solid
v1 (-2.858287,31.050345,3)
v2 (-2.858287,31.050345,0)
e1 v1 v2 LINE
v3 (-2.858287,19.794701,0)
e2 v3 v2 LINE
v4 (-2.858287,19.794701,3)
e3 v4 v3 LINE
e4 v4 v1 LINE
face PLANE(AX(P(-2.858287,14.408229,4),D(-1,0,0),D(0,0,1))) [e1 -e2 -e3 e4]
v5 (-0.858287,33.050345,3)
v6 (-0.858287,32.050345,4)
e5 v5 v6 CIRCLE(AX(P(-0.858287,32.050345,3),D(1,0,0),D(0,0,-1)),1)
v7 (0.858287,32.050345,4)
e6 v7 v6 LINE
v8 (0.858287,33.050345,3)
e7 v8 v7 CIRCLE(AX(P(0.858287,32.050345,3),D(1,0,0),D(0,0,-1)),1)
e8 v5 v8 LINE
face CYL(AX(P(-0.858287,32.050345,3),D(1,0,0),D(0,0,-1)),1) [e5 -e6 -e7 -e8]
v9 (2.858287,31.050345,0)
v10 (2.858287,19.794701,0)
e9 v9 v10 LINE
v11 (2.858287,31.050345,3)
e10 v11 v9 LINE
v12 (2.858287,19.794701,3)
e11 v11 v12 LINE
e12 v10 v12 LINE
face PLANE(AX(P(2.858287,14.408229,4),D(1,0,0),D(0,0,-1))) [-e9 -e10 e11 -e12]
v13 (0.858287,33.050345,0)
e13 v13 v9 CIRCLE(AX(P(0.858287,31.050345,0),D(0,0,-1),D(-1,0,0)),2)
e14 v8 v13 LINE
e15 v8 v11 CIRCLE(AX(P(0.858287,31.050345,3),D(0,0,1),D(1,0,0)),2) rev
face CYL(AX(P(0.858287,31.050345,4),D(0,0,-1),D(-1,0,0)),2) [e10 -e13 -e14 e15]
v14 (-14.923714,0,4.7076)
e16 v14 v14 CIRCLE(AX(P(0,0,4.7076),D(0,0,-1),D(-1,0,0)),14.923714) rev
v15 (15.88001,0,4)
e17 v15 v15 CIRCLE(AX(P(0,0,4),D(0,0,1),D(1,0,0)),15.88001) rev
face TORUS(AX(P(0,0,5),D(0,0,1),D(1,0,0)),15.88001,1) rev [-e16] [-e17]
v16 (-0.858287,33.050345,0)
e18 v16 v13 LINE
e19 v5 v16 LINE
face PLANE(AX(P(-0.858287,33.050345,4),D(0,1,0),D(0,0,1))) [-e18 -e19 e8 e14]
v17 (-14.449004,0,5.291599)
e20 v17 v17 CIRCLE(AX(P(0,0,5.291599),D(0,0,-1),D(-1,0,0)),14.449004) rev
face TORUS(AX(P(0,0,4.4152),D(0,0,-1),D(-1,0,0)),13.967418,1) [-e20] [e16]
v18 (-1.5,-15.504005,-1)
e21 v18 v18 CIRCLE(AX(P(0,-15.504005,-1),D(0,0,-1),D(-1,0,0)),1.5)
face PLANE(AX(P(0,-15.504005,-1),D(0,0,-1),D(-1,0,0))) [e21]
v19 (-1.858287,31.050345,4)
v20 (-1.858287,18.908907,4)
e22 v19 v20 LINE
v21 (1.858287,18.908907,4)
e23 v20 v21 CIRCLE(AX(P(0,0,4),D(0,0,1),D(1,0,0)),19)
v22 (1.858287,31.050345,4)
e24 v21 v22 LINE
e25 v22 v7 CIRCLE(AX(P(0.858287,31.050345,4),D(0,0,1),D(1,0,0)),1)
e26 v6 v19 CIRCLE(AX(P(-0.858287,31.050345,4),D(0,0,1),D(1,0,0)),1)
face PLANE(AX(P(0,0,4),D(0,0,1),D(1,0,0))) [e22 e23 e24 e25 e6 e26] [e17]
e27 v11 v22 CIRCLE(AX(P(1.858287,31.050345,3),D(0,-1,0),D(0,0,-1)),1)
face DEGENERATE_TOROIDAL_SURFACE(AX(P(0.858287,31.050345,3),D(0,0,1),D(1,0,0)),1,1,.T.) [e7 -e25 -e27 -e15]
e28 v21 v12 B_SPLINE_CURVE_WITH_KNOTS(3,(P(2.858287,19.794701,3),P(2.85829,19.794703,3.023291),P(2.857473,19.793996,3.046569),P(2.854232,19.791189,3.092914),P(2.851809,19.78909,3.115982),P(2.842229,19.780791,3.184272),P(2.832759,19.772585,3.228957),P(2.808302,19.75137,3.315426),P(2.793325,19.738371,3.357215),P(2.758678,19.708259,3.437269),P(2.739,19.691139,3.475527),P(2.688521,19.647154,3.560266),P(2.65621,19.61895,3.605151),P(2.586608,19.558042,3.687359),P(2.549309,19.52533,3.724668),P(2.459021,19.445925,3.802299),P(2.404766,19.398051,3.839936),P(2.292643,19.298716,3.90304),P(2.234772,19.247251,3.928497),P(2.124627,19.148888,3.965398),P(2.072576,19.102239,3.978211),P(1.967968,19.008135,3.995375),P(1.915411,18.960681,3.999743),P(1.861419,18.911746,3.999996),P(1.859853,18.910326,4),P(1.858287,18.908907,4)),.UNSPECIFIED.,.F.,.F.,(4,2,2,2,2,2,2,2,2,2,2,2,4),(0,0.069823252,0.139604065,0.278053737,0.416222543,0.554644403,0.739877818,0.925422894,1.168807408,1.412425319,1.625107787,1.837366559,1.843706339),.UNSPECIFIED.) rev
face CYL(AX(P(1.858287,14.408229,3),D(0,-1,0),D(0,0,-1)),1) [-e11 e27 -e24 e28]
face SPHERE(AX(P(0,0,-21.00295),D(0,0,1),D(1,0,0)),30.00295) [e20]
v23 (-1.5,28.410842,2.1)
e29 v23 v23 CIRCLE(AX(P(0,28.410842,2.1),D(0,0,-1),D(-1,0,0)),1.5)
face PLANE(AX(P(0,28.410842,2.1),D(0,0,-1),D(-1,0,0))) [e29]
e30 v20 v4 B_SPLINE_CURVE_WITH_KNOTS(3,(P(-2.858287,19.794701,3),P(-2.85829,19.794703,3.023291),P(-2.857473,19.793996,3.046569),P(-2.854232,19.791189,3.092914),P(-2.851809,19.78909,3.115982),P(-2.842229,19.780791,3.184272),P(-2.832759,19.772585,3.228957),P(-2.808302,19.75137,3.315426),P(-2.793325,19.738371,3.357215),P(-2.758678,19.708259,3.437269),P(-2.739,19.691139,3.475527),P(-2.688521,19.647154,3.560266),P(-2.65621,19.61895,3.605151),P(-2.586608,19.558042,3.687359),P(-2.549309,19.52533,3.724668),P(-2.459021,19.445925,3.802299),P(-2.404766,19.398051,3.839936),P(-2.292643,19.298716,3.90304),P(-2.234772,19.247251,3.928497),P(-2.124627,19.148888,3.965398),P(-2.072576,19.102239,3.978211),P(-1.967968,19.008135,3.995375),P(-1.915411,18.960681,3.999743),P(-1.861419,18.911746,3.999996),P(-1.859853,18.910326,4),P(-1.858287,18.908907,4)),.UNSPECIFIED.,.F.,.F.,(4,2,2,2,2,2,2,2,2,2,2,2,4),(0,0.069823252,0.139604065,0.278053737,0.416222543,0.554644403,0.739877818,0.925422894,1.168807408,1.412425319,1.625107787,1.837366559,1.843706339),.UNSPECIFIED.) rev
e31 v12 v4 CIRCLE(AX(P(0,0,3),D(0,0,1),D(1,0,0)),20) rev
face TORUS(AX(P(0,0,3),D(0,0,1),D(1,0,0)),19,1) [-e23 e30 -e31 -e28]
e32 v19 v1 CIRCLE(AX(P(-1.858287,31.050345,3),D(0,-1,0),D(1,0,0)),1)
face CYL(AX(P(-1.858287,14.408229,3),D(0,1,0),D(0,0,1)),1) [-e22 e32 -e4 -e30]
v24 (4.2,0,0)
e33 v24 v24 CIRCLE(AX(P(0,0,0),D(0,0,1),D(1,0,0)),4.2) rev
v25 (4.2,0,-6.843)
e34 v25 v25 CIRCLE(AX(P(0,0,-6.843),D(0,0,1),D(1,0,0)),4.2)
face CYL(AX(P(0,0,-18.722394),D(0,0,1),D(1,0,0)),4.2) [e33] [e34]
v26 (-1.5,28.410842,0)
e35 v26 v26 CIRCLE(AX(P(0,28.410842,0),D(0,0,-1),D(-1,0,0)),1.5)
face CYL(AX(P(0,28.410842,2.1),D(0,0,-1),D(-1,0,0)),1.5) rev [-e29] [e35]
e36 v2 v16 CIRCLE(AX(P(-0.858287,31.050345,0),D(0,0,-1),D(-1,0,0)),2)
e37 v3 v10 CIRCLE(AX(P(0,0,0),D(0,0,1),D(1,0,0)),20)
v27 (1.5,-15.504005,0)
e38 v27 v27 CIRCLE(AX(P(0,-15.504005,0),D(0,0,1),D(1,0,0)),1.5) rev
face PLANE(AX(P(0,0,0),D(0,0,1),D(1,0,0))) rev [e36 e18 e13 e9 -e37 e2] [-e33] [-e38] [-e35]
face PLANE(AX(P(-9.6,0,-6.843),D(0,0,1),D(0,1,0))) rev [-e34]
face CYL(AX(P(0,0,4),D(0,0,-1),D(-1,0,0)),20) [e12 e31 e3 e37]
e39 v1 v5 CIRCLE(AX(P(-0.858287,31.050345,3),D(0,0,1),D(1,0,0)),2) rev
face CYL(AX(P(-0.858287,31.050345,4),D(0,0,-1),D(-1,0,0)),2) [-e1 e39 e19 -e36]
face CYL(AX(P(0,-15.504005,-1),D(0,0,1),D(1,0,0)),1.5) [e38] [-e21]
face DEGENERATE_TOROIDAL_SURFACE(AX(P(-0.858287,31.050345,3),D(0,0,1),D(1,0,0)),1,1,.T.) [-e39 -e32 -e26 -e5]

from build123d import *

# Parameters (mm, degrees)
ESQUISSE1_R             = 20
BOSS_EXTRU_1_DEPTH      = 4
ESQUISSE4_R             = 4
BOSS_EXTRU_3_DEPTH      = 6.843
BOSS_EXTRU_4_DEPTH      = 4
ESQUISSE6_R             = 1.5
ENL_V_MAT_EXTRU_1_DEPTH = 2.1
ESQUISSE7_R             = 1.5
BOSS_EXTRU_5_DEPTH      = 1
ESQUISSE8_R             = 4.2
BOSS_EXTRU_6_DEPTH      = 6.843
ESQUISSE9_R             = 14.967417913
BOSS_EXTRU_7_DEPTH      = 1
D_ME1_FACE_RADIUS       = 14.967417913
D_ME1_HEIGHT            = 4
CONG_1_R                = 1
CONG_2_R                = 1
CONG_3_R                = 1


with BuildPart() as part:
    # Esquisse1 → Boss.-Extru.1 (new body)
    with BuildSketch(Plane.XY):
        Circle(ESQUISSE1_R)
    extrude(amount=BOSS_EXTRU_1_DEPTH)

    # Esquisse4 → Boss.-Extru.3 (add)
    with BuildSketch(Plane(origin=(0, 0, 0), x_dir=(-1, 0, 0), z_dir=(0, 0, -1))):
        with Locations(Location((0, 0, 0), (0, 0, 180))):
            Circle(ESQUISSE4_R)
    extrude(amount=BOSS_EXTRU_3_DEPTH)

    # Esquisse5 → Boss.-Extru.4 (add)
    with BuildSketch(Plane(origin=(0, 0, 0), x_dir=(-1, 0, 0), z_dir=(0, 0, -1))):
        with BuildLine():
            Line((2.858287427, 14.40822907), (-2.858287427, 14.40822907))
            Line((-2.858287427, 14.40822907), (-2.858287427, 31.050344996))
            ThreePointArc((-2.858287427, 31.050344996), (-2.27250099, 32.464558559), (-0.858287427, 33.050344996))
            Line((-0.858287427, 33.050344996), (0.858287427, 33.050344996))
            ThreePointArc((0.858287427, 33.050344996), (2.27250099, 32.464558559), (2.858287427, 31.050344996))
            Line((2.858287427, 31.050344996), (2.858287427, 14.40822907))
        make_face()
    extrude(amount=-BOSS_EXTRU_4_DEPTH)

    # Esquisse6 → Enlèv. mat.-Extru.1 (cut)
    with BuildSketch(Plane(origin=(0, 0, 0), x_dir=(-1, 0, 0), z_dir=(0, 0, -1))):
        with Locations((0, 28.410842354)):
            Circle(ESQUISSE6_R)
    extrude(amount=-ENL_V_MAT_EXTRU_1_DEPTH, mode=Mode.SUBTRACT)

    # Esquisse7 → Boss.-Extru.5 (add)
    with BuildSketch(Plane(origin=(0, 0, 0), x_dir=(-1, 0, 0), z_dir=(0, 0, -1))):
        with Locations(Location((0, -15.504004846, 0), (0, 0, 180))):
            Circle(ESQUISSE7_R)
    extrude(amount=BOSS_EXTRU_5_DEPTH)

    # Esquisse8 → Boss.-Extru.6 (add)
    with BuildSketch(Plane(origin=(0, 0, 0), x_dir=(-1, 0, 0), z_dir=(0, 0, -1))):
        with Locations(Location((0, 0, 0), (0, 0, 180))):
            Circle(ESQUISSE8_R)
    extrude(amount=BOSS_EXTRU_6_DEPTH)

    # Esquisse9 → Boss.-Extru.7 (add)
    with BuildSketch(Plane.XY.offset(4)):
        Circle(ESQUISSE9_R)
    extrude(amount=BOSS_EXTRU_7_DEPTH)

    # Dôme1: a dome of height H over a round flat face of radius A is a cap of a sphere of radius (A * A + H * H) / (2 * H)
    d_me1_r = (D_ME1_FACE_RADIUS * D_ME1_FACE_RADIUS + D_ME1_HEIGHT * D_ME1_HEIGHT) / (2 * D_ME1_HEIGHT)
    d_me1_base = Plane((0, 0, 5), z_dir=(0, 0, 1))
    with Locations(d_me1_base.offset(D_ME1_HEIGHT - d_me1_r)):
        d_me1_ball = Sphere(d_me1_r, mode=Mode.PRIVATE)
    add(split(d_me1_ball, bisect_by=d_me1_base, keep=Keep.TOP, mode=Mode.PRIVATE))

    # Congé1
    cong_1_edges = [part.edges().sort_by_distance(p)[0] for p in [
        (-14.967417913, 0, 5),
    ]]
    fillet(cong_1_edges, radius=CONG_1_R)

    # Congé2
    cong_2_edges = [part.edges().sort_by_distance(p)[0] for p in [
        (-14.967417913, 0, 4),
    ]]
    fillet(cong_2_edges, radius=CONG_2_R)

    # Congé3
    cong_3_edges = [part.edges().sort_by_distance(p)[0] for p in [
        (0, -20, 4),
        (-2.858287427, 25.422523065, 4),
        (2.858287427, 25.422523065, 4),
        (2.27250099, 32.464558559, 4),
        (0, 33.050344996, 4),
        (-2.27250099, 32.464558559, 4),
    ]]
    fillet(cong_3_edges, radius=CONG_3_R)


solid = part.part
